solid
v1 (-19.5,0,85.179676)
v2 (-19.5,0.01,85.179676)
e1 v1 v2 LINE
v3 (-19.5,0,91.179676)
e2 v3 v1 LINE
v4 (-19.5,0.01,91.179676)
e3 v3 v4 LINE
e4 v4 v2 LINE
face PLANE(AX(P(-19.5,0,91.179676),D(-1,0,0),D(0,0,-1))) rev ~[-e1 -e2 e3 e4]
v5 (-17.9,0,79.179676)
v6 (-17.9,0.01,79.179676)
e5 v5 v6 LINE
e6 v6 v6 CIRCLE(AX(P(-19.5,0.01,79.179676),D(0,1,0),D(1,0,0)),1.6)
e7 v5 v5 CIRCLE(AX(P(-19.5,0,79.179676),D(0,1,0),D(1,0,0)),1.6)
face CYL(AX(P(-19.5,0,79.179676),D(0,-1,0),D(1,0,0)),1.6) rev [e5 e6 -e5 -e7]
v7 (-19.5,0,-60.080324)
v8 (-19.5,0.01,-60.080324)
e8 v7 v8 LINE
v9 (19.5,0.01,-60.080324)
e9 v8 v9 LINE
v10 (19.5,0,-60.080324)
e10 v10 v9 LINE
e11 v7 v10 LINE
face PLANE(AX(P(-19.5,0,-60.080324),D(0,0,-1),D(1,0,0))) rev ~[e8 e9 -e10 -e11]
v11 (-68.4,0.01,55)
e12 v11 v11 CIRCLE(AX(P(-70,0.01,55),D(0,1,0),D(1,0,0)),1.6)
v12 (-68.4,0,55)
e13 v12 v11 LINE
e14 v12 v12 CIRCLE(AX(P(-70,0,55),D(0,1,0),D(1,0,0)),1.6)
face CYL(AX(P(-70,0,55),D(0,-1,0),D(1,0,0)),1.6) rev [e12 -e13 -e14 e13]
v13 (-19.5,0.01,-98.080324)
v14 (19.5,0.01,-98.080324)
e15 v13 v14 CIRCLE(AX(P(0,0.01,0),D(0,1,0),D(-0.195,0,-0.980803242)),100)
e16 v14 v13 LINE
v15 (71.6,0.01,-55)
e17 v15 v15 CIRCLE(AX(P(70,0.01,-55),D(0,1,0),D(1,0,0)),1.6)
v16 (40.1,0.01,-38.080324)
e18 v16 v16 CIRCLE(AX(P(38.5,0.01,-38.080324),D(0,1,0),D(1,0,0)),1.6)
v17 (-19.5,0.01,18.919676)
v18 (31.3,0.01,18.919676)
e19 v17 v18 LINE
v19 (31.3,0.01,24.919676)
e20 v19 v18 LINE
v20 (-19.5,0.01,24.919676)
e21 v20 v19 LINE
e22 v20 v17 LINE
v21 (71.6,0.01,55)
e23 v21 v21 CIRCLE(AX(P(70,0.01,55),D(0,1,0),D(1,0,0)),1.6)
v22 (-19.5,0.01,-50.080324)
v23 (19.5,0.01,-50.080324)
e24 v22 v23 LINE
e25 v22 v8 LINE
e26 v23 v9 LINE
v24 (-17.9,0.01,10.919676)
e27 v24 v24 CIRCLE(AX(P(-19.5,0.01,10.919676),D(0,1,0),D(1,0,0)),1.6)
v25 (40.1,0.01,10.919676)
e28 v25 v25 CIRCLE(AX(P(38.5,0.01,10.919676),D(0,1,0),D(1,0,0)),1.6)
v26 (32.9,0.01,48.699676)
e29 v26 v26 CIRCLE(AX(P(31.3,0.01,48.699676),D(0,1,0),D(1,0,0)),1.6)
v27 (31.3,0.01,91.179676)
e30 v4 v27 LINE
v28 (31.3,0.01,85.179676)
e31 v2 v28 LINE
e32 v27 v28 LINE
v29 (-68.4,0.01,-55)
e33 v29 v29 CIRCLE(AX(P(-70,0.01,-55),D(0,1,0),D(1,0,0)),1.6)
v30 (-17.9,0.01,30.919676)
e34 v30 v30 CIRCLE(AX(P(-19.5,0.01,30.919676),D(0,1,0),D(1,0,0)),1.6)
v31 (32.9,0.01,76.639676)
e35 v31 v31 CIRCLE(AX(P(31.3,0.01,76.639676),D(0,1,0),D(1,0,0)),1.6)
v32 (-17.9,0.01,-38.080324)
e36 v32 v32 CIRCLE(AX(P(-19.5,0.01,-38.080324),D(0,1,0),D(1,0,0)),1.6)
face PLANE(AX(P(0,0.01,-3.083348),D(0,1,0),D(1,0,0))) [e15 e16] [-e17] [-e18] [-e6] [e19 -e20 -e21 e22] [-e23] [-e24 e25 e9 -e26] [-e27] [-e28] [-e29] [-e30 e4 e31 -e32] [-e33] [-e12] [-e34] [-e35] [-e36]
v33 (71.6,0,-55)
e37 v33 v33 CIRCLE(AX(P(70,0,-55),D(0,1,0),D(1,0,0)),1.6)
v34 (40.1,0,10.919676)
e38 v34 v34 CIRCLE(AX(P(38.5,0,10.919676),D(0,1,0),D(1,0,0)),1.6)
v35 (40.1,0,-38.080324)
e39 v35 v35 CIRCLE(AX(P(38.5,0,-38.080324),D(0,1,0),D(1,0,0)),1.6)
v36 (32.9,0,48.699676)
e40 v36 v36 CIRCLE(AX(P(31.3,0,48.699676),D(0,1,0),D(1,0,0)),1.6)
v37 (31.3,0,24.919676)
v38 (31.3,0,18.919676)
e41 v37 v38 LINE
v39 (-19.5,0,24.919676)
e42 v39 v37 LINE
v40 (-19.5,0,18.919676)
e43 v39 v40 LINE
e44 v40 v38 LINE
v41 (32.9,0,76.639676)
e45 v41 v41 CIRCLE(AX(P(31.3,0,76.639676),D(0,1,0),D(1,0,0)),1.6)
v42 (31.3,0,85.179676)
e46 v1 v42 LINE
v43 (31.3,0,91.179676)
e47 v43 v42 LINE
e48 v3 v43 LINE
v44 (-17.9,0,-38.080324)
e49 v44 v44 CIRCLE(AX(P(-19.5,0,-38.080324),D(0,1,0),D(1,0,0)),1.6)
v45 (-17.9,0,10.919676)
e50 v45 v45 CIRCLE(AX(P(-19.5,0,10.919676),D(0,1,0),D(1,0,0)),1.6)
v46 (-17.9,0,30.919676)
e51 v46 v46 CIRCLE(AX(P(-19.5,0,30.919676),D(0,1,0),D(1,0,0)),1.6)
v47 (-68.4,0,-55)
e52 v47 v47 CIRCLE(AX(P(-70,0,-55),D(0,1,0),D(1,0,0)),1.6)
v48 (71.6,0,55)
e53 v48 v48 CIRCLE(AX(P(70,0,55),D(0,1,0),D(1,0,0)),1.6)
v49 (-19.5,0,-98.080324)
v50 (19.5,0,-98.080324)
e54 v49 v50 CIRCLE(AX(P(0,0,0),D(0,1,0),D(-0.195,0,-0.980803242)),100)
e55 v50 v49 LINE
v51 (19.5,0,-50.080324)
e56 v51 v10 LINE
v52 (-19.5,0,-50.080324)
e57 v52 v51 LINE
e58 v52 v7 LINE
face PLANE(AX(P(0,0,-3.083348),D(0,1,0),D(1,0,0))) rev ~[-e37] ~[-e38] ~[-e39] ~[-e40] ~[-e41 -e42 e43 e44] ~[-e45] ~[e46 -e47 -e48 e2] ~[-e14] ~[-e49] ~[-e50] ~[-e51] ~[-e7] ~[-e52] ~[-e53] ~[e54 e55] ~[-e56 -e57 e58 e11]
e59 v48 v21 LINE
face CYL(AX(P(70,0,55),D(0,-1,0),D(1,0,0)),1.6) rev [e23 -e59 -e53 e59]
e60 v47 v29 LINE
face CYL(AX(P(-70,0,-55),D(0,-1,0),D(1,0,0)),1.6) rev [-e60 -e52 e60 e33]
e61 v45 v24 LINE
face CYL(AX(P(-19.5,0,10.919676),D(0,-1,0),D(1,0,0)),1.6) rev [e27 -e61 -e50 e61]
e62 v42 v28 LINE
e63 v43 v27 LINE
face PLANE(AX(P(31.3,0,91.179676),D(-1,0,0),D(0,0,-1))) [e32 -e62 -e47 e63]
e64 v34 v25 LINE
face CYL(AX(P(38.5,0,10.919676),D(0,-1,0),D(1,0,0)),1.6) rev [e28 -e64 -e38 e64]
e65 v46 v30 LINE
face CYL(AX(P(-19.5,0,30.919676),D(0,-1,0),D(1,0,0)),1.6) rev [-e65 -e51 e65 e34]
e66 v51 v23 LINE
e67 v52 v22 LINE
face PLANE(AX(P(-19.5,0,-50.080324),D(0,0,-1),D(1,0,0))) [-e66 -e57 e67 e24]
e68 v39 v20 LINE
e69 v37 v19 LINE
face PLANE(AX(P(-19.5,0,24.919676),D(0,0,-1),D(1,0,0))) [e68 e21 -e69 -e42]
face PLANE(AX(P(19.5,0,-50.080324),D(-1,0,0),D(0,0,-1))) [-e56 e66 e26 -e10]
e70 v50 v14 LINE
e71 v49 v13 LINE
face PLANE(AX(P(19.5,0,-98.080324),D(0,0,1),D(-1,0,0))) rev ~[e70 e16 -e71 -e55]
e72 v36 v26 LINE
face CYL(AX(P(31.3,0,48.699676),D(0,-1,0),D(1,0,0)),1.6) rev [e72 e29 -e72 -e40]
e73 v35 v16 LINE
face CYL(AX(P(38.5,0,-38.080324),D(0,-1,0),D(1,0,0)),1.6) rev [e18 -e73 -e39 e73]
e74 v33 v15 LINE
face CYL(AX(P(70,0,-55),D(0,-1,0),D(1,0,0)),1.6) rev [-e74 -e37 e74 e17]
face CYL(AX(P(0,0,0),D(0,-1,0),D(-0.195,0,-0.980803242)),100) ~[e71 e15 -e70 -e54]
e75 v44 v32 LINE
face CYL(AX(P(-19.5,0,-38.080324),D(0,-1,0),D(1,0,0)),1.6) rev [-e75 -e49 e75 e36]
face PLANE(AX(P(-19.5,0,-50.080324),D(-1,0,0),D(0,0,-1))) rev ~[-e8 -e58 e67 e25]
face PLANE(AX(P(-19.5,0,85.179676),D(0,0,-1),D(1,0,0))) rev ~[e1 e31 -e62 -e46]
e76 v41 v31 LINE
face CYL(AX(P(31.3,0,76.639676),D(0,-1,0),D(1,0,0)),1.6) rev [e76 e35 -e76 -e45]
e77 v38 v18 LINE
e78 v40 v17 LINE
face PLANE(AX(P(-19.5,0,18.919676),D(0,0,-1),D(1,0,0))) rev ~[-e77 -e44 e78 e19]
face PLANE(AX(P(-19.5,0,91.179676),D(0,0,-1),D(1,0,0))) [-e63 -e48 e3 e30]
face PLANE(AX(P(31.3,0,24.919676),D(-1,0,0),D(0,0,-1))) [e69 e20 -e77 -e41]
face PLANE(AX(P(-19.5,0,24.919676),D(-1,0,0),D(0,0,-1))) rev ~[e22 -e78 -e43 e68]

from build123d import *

# Parameters (mm, degrees)
SKETCH_2_R      = 1.6
SKETCH_2_W      = 39
SKETCH_2_H      = 10
SKETCH_2_W_2    = 50.8
SKETCH_2_H_2    = 6
EXTRUDE_1_DEPTH = 0.01


with BuildPart() as part:
    # 草圖2 → 填料-伸長1 (new body)
    with BuildSketch(Plane(origin=(0, 0, 0), x_dir=(1, 0, 0), z_dir=(0, 1, 0))):
        with BuildLine():
            Line((-19.5, 98.080324225), (19.5, 98.080324225))
            ThreePointArc((19.5, 98.080324225), (0, -100), (-19.5, 98.080324225))
        make_face()
        with Locations((-19.5, 38.080324225)):
            Circle(SKETCH_2_R, mode=Mode.SUBTRACT)
        with Locations((-19.5, -10.919675775)):
            Circle(SKETCH_2_R, mode=Mode.SUBTRACT)
        with Locations((38.5, 38.080324225)):
            Circle(SKETCH_2_R, mode=Mode.SUBTRACT)
        with Locations((38.5, -10.919675775)):
            Circle(SKETCH_2_R, mode=Mode.SUBTRACT)
        with Locations((-19.5, -30.919675775)):
            Circle(SKETCH_2_R, mode=Mode.SUBTRACT)
        with Locations((-19.5, -79.179675775)):
            Circle(SKETCH_2_R, mode=Mode.SUBTRACT)
        with Locations((31.3, -48.699675775)):
            Circle(SKETCH_2_R, mode=Mode.SUBTRACT)
        with Locations((31.3, -76.639675775)):
            Circle(SKETCH_2_R, mode=Mode.SUBTRACT)
        with Locations((-70, -55)):
            Circle(SKETCH_2_R, mode=Mode.SUBTRACT)
        with Locations((-70, 55)):
            Circle(SKETCH_2_R, mode=Mode.SUBTRACT)
        with Locations((70, -55)):
            Circle(SKETCH_2_R, mode=Mode.SUBTRACT)
        with Locations((70, 55)):
            Circle(SKETCH_2_R, mode=Mode.SUBTRACT)
        with Locations((0, 55.080324225)):
            Rectangle(SKETCH_2_W, SKETCH_2_H, mode=Mode.SUBTRACT)
        with Locations((5.9, -21.919675775)):
            Rectangle(SKETCH_2_W_2, SKETCH_2_H_2, mode=Mode.SUBTRACT)
        with Locations((5.9, -88.179675775)):
            Rectangle(SKETCH_2_W_2, SKETCH_2_H_2, mode=Mode.SUBTRACT)
    extrude(amount=EXTRUDE_1_DEPTH)


solid = part.part
